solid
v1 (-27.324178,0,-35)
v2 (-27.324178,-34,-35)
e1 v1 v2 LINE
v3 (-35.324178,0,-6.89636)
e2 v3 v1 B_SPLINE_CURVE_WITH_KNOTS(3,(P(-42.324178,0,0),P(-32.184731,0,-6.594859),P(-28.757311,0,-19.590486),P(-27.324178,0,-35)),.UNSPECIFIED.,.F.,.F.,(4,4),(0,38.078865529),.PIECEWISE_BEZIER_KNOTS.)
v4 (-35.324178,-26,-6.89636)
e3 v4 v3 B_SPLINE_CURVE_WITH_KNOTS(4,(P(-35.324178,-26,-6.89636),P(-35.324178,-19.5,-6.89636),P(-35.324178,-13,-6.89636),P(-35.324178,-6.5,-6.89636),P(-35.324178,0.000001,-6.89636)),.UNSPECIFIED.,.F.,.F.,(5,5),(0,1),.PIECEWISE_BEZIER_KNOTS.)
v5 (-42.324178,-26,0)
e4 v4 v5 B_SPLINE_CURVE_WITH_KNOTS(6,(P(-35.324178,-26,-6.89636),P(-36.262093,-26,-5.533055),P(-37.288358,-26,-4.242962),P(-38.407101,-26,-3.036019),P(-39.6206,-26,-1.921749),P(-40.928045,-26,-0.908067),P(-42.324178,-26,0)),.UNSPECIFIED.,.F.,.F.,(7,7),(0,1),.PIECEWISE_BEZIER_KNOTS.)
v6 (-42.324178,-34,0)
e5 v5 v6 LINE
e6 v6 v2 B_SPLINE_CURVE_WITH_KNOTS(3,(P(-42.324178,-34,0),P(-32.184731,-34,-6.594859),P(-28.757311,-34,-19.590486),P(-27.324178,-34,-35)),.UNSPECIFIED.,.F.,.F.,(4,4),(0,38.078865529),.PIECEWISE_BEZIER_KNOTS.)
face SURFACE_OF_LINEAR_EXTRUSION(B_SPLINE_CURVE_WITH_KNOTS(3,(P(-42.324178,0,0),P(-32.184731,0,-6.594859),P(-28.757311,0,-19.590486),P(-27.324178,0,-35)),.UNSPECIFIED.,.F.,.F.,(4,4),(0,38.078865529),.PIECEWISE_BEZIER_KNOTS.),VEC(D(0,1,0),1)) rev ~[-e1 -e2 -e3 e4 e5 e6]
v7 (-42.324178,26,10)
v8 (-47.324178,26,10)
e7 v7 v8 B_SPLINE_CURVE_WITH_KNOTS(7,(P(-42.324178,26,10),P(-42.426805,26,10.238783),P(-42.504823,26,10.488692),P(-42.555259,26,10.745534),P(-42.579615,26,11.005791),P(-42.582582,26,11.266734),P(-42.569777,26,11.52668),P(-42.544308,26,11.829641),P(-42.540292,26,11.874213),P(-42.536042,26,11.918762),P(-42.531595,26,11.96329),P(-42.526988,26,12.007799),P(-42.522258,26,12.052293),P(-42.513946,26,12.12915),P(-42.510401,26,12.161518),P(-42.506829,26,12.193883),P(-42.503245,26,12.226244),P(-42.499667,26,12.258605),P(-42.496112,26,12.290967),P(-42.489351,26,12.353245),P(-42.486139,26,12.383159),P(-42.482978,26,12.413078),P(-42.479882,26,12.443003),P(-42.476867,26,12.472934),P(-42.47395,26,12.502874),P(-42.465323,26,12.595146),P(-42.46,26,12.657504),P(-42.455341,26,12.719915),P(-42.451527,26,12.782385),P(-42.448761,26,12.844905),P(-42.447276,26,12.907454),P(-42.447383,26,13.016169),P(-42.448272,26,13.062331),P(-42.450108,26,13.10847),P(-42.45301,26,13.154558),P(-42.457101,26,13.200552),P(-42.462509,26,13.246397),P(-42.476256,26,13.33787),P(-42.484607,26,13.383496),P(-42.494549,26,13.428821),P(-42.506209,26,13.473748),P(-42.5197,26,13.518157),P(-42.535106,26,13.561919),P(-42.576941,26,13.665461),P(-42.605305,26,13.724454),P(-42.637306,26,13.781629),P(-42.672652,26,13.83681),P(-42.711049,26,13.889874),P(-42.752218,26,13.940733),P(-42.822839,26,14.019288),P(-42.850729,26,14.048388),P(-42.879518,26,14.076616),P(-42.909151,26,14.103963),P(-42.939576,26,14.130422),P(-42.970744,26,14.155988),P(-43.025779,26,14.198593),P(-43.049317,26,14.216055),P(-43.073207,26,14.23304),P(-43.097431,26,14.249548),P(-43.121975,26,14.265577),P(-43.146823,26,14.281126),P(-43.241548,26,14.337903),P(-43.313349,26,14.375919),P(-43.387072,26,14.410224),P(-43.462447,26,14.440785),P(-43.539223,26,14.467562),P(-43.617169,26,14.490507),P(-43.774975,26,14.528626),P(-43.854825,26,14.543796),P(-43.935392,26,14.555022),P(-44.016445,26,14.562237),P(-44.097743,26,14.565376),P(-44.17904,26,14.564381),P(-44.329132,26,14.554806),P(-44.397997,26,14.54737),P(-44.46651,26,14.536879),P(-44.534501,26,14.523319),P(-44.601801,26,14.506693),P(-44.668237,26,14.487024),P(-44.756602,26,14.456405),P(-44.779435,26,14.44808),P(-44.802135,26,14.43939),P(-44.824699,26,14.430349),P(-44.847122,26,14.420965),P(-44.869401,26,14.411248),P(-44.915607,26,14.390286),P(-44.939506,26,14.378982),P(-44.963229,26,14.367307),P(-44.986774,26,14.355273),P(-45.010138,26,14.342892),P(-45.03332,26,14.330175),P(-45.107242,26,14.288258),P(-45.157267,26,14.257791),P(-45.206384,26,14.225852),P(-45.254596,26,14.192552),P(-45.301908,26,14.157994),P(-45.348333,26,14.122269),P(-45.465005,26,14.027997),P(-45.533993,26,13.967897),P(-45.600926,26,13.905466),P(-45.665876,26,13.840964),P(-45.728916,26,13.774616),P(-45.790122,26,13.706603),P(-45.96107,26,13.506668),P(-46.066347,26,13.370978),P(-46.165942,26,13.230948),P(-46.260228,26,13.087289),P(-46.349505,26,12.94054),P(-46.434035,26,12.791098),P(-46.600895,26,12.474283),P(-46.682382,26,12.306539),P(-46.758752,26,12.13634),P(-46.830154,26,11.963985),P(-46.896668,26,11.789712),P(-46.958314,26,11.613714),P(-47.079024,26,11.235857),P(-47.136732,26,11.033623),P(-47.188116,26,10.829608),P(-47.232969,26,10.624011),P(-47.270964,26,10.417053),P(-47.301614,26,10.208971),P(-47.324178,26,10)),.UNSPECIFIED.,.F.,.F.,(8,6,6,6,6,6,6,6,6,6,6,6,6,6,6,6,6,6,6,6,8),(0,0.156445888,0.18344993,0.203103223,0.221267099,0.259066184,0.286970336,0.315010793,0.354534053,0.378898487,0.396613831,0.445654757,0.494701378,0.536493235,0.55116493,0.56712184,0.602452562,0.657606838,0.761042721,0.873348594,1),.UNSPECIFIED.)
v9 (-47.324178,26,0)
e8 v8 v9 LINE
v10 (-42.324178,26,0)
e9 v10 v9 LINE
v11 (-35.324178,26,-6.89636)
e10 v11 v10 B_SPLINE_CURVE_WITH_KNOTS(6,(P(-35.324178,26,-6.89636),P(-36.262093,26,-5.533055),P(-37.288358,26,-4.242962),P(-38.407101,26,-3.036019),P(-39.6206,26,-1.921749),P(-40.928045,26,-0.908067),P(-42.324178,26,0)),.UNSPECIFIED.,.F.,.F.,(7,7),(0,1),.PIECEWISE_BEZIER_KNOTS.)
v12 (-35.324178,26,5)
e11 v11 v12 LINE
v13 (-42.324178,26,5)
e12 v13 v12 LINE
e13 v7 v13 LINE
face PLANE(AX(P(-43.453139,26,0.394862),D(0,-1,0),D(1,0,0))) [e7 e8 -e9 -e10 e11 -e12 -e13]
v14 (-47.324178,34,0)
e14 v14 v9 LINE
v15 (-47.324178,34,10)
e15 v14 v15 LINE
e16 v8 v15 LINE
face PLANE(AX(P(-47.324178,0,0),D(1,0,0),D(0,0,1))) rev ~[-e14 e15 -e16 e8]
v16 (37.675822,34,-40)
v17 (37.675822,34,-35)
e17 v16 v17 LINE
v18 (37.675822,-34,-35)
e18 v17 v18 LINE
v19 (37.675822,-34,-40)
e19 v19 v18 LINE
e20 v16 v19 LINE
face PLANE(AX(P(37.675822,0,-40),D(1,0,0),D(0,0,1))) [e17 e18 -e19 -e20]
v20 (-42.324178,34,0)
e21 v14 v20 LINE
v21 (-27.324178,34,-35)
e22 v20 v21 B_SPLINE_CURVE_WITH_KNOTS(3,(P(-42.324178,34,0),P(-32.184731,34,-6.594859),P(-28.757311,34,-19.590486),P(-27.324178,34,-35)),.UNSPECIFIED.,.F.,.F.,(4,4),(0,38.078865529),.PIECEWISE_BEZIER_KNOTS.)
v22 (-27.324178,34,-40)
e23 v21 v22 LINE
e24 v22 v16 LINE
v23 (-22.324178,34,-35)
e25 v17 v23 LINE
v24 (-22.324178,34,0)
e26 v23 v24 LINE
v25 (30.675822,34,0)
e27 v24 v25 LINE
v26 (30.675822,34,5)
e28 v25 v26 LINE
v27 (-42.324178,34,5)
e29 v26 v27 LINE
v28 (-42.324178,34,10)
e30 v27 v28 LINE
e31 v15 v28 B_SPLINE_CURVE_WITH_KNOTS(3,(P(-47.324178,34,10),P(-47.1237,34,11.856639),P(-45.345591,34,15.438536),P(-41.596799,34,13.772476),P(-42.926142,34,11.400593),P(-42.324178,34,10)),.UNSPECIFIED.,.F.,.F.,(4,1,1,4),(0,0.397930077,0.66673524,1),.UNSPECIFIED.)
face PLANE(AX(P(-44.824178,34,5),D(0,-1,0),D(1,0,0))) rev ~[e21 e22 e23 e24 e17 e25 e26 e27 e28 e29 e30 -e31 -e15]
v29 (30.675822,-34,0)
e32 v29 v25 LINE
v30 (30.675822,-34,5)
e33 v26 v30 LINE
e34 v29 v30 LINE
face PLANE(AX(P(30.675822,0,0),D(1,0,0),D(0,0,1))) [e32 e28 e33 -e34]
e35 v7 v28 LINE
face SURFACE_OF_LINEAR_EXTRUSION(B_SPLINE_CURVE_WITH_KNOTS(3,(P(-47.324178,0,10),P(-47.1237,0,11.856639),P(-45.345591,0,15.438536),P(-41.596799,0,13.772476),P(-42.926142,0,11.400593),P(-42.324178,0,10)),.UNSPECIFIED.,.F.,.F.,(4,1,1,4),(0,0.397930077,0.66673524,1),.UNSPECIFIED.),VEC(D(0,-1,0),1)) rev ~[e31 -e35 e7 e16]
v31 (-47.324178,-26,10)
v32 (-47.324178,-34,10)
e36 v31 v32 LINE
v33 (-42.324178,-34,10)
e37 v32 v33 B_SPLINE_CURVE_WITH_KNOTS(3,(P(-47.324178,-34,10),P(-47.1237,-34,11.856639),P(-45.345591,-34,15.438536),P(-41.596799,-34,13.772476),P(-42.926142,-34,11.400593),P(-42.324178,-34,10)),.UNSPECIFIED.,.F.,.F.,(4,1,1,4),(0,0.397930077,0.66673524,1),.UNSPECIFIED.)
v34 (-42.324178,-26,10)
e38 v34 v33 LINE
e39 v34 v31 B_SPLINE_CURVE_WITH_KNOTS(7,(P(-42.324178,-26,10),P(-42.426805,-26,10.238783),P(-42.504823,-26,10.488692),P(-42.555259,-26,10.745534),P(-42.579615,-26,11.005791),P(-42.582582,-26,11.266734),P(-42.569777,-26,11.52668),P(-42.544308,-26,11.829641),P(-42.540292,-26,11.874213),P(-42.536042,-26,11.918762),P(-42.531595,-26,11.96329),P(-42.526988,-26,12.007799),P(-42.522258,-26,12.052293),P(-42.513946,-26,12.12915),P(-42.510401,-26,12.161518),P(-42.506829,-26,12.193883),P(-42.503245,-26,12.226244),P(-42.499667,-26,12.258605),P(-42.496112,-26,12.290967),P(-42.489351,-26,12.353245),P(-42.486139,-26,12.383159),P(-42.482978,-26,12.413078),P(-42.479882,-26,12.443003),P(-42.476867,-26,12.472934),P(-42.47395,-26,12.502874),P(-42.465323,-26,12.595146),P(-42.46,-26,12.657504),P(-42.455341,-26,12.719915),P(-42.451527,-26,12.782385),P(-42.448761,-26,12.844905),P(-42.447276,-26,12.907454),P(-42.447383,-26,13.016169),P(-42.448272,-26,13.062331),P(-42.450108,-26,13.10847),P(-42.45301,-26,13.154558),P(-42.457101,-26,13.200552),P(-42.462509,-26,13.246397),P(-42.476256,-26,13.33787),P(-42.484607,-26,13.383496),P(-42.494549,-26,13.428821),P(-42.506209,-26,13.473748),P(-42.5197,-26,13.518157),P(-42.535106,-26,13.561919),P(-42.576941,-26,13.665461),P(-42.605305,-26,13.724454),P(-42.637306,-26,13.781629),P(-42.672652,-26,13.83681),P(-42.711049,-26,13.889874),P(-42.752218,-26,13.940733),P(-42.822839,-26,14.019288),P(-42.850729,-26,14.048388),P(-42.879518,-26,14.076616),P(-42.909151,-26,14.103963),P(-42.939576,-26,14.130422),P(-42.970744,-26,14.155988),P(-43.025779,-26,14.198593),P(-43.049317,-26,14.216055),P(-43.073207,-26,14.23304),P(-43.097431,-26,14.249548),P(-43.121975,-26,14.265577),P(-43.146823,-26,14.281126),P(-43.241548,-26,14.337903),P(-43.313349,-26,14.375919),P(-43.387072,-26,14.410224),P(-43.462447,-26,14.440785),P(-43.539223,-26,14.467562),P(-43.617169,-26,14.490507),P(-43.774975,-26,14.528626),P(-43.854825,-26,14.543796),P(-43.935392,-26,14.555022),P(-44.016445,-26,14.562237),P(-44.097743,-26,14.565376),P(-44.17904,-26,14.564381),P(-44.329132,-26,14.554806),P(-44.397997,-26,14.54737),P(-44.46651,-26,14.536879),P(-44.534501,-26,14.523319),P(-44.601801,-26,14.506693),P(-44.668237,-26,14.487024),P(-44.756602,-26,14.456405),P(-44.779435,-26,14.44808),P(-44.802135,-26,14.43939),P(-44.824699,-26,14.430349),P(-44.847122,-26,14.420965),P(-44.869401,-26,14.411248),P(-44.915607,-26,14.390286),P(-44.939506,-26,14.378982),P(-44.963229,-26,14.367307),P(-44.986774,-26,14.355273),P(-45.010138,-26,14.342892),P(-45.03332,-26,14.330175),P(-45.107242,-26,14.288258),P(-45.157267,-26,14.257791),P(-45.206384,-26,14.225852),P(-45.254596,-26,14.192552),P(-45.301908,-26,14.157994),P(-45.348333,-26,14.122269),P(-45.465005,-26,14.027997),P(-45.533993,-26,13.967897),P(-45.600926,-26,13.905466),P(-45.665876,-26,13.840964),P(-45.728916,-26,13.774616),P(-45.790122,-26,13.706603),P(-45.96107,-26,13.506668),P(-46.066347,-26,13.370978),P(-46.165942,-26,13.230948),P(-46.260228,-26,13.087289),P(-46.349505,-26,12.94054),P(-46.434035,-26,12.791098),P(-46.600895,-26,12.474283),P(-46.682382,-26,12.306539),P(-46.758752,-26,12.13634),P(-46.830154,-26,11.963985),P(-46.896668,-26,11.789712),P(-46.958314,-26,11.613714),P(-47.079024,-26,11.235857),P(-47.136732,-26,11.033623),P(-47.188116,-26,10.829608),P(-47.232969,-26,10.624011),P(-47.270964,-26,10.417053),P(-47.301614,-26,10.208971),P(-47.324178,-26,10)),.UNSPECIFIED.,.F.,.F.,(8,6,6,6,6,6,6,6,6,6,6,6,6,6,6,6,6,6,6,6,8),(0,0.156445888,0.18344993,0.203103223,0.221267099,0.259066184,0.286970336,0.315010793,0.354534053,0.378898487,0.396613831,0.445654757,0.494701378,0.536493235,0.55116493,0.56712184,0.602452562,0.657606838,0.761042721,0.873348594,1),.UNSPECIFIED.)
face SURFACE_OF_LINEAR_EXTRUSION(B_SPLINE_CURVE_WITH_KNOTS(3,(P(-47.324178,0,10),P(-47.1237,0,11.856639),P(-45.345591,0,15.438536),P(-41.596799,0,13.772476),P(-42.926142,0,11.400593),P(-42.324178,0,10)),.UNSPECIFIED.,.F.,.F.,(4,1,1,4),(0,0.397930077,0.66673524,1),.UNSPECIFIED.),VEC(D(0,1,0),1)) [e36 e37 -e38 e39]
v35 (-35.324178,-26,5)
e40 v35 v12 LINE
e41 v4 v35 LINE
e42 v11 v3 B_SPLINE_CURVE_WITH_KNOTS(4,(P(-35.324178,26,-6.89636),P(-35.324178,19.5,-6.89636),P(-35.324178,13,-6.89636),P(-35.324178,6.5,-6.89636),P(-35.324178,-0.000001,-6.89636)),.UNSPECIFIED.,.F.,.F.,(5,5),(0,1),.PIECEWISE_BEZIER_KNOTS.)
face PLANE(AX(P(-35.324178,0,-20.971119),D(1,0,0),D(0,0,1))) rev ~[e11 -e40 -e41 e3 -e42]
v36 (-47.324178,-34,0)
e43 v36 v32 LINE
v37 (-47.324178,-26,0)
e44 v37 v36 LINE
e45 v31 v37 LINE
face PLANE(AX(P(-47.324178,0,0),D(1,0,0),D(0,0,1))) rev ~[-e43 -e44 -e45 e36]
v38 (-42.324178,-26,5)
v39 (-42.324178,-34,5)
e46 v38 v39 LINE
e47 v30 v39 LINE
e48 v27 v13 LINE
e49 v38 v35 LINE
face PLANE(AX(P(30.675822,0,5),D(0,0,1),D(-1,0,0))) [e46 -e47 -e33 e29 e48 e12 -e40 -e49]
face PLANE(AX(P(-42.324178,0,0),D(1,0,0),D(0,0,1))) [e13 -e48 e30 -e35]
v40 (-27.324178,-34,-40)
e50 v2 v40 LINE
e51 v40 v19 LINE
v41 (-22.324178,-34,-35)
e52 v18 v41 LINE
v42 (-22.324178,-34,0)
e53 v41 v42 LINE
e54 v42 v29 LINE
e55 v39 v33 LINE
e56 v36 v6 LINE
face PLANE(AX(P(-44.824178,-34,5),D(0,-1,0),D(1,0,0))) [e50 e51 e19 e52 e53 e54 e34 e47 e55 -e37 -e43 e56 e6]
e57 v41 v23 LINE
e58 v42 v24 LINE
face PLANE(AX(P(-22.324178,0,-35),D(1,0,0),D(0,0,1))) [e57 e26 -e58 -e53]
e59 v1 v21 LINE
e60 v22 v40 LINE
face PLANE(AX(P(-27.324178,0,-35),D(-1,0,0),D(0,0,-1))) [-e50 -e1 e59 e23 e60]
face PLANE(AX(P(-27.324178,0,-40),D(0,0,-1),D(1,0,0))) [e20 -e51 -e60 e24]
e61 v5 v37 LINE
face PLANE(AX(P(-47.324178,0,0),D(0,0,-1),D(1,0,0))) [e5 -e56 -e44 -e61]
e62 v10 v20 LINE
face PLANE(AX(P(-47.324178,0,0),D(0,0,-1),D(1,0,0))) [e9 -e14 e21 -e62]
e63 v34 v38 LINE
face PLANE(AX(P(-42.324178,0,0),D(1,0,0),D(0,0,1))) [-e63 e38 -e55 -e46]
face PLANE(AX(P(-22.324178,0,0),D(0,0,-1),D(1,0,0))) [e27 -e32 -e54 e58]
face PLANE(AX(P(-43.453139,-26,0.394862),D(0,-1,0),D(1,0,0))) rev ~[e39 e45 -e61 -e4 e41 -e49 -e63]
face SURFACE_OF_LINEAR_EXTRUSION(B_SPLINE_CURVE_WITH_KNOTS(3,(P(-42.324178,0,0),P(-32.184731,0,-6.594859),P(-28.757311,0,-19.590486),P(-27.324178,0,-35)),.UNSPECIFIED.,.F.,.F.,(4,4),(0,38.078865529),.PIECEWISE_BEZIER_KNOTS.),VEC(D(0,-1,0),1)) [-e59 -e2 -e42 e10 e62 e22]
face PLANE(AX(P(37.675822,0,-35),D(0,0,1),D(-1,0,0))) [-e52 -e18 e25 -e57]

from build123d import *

# Parameters (mm, degrees)
F0_W     = 15
F0_H     = 5
F0_W_2   = 5
F0_H_2   = 35
F1_DEPTH = 34
F2_W     = 5
F2_H     = 10
F3_DEPTH = 34
F4_W     = 16.2579220422
F4_H     = 42.7319623083
F5_DEPTH = 26


with BuildPart() as f1:
    # F0 (on Front) → F1 (new body, symmetric)
    with BuildSketch(Plane.XZ):
        Polygon((-22.3241779208, 0), (30.6758220792, 0), (30.6758220792, 5), (-27.3241779208, 5), (-27.3241779208, 0), align=None)
        with Locations((-34.8241779208, 2.5)):
            Rectangle(F0_W, F0_H)
        with BuildLine():
            Line((-27.3241779208, -35), (-27.3241779208, 0))
            Line((-27.3241779208, 0), (-42.3241779208, 0))
            add(Edge.make_bspline(
                [(-42.3241779208, 0), (-32.1847312152, -6.594858598), (-28.7573114038, -19.590485841), (-27.3241779208, -35)],
                knots=[0, 0, 0, 0, 38.0788655293, 38.0788655293, 38.0788655293, 38.0788655293], degree=3))
        make_face()
        with Locations((-24.8241779208, -17.5)):
            Rectangle(F0_W_2, F0_H_2)
        Polygon((37.6758220792, -35), (-22.3241779208, -35), (-27.3241779208, -35), (-27.3241779208, -40), (37.6758220792, -40), align=None)
    extrude(amount=F1_DEPTH, both=True)

    # F2 (on Front) → F3 (join, symmetric)
    with BuildSketch(Plane.XZ):
        with Locations((-44.8241779208, 5)):
            Rectangle(F2_W, F2_H)
        with BuildLine():
            Line((-47.3241779208, 10), (-42.3241779208, 10))
            add(Edge.make_bspline(
                [(-47.3241779208, 10), (-47.1237004262, 11.8566387437), (-45.3455906765, 15.4385356924), (-41.5967992059, 13.7724758931), (-42.9261420784, 11.4005931192), (-42.3241779208, 10)],
                knots=[0, 0, 0, 0, 0.3979300769, 0.66673524, 1, 1, 1, 1], degree=3))
        make_face()
    extrude(amount=F3_DEPTH, both=True)

    # F4 (on Front) → F5 (cut, symmetric)
    with BuildSketch(Plane.XZ):
        with Locations((-43.4531389419, 0.3948621452)):
            Rectangle(F4_W, F4_H)
    extrude(amount=F5_DEPTH, both=True, mode=Mode.SUBTRACT)


solid = f1.part
